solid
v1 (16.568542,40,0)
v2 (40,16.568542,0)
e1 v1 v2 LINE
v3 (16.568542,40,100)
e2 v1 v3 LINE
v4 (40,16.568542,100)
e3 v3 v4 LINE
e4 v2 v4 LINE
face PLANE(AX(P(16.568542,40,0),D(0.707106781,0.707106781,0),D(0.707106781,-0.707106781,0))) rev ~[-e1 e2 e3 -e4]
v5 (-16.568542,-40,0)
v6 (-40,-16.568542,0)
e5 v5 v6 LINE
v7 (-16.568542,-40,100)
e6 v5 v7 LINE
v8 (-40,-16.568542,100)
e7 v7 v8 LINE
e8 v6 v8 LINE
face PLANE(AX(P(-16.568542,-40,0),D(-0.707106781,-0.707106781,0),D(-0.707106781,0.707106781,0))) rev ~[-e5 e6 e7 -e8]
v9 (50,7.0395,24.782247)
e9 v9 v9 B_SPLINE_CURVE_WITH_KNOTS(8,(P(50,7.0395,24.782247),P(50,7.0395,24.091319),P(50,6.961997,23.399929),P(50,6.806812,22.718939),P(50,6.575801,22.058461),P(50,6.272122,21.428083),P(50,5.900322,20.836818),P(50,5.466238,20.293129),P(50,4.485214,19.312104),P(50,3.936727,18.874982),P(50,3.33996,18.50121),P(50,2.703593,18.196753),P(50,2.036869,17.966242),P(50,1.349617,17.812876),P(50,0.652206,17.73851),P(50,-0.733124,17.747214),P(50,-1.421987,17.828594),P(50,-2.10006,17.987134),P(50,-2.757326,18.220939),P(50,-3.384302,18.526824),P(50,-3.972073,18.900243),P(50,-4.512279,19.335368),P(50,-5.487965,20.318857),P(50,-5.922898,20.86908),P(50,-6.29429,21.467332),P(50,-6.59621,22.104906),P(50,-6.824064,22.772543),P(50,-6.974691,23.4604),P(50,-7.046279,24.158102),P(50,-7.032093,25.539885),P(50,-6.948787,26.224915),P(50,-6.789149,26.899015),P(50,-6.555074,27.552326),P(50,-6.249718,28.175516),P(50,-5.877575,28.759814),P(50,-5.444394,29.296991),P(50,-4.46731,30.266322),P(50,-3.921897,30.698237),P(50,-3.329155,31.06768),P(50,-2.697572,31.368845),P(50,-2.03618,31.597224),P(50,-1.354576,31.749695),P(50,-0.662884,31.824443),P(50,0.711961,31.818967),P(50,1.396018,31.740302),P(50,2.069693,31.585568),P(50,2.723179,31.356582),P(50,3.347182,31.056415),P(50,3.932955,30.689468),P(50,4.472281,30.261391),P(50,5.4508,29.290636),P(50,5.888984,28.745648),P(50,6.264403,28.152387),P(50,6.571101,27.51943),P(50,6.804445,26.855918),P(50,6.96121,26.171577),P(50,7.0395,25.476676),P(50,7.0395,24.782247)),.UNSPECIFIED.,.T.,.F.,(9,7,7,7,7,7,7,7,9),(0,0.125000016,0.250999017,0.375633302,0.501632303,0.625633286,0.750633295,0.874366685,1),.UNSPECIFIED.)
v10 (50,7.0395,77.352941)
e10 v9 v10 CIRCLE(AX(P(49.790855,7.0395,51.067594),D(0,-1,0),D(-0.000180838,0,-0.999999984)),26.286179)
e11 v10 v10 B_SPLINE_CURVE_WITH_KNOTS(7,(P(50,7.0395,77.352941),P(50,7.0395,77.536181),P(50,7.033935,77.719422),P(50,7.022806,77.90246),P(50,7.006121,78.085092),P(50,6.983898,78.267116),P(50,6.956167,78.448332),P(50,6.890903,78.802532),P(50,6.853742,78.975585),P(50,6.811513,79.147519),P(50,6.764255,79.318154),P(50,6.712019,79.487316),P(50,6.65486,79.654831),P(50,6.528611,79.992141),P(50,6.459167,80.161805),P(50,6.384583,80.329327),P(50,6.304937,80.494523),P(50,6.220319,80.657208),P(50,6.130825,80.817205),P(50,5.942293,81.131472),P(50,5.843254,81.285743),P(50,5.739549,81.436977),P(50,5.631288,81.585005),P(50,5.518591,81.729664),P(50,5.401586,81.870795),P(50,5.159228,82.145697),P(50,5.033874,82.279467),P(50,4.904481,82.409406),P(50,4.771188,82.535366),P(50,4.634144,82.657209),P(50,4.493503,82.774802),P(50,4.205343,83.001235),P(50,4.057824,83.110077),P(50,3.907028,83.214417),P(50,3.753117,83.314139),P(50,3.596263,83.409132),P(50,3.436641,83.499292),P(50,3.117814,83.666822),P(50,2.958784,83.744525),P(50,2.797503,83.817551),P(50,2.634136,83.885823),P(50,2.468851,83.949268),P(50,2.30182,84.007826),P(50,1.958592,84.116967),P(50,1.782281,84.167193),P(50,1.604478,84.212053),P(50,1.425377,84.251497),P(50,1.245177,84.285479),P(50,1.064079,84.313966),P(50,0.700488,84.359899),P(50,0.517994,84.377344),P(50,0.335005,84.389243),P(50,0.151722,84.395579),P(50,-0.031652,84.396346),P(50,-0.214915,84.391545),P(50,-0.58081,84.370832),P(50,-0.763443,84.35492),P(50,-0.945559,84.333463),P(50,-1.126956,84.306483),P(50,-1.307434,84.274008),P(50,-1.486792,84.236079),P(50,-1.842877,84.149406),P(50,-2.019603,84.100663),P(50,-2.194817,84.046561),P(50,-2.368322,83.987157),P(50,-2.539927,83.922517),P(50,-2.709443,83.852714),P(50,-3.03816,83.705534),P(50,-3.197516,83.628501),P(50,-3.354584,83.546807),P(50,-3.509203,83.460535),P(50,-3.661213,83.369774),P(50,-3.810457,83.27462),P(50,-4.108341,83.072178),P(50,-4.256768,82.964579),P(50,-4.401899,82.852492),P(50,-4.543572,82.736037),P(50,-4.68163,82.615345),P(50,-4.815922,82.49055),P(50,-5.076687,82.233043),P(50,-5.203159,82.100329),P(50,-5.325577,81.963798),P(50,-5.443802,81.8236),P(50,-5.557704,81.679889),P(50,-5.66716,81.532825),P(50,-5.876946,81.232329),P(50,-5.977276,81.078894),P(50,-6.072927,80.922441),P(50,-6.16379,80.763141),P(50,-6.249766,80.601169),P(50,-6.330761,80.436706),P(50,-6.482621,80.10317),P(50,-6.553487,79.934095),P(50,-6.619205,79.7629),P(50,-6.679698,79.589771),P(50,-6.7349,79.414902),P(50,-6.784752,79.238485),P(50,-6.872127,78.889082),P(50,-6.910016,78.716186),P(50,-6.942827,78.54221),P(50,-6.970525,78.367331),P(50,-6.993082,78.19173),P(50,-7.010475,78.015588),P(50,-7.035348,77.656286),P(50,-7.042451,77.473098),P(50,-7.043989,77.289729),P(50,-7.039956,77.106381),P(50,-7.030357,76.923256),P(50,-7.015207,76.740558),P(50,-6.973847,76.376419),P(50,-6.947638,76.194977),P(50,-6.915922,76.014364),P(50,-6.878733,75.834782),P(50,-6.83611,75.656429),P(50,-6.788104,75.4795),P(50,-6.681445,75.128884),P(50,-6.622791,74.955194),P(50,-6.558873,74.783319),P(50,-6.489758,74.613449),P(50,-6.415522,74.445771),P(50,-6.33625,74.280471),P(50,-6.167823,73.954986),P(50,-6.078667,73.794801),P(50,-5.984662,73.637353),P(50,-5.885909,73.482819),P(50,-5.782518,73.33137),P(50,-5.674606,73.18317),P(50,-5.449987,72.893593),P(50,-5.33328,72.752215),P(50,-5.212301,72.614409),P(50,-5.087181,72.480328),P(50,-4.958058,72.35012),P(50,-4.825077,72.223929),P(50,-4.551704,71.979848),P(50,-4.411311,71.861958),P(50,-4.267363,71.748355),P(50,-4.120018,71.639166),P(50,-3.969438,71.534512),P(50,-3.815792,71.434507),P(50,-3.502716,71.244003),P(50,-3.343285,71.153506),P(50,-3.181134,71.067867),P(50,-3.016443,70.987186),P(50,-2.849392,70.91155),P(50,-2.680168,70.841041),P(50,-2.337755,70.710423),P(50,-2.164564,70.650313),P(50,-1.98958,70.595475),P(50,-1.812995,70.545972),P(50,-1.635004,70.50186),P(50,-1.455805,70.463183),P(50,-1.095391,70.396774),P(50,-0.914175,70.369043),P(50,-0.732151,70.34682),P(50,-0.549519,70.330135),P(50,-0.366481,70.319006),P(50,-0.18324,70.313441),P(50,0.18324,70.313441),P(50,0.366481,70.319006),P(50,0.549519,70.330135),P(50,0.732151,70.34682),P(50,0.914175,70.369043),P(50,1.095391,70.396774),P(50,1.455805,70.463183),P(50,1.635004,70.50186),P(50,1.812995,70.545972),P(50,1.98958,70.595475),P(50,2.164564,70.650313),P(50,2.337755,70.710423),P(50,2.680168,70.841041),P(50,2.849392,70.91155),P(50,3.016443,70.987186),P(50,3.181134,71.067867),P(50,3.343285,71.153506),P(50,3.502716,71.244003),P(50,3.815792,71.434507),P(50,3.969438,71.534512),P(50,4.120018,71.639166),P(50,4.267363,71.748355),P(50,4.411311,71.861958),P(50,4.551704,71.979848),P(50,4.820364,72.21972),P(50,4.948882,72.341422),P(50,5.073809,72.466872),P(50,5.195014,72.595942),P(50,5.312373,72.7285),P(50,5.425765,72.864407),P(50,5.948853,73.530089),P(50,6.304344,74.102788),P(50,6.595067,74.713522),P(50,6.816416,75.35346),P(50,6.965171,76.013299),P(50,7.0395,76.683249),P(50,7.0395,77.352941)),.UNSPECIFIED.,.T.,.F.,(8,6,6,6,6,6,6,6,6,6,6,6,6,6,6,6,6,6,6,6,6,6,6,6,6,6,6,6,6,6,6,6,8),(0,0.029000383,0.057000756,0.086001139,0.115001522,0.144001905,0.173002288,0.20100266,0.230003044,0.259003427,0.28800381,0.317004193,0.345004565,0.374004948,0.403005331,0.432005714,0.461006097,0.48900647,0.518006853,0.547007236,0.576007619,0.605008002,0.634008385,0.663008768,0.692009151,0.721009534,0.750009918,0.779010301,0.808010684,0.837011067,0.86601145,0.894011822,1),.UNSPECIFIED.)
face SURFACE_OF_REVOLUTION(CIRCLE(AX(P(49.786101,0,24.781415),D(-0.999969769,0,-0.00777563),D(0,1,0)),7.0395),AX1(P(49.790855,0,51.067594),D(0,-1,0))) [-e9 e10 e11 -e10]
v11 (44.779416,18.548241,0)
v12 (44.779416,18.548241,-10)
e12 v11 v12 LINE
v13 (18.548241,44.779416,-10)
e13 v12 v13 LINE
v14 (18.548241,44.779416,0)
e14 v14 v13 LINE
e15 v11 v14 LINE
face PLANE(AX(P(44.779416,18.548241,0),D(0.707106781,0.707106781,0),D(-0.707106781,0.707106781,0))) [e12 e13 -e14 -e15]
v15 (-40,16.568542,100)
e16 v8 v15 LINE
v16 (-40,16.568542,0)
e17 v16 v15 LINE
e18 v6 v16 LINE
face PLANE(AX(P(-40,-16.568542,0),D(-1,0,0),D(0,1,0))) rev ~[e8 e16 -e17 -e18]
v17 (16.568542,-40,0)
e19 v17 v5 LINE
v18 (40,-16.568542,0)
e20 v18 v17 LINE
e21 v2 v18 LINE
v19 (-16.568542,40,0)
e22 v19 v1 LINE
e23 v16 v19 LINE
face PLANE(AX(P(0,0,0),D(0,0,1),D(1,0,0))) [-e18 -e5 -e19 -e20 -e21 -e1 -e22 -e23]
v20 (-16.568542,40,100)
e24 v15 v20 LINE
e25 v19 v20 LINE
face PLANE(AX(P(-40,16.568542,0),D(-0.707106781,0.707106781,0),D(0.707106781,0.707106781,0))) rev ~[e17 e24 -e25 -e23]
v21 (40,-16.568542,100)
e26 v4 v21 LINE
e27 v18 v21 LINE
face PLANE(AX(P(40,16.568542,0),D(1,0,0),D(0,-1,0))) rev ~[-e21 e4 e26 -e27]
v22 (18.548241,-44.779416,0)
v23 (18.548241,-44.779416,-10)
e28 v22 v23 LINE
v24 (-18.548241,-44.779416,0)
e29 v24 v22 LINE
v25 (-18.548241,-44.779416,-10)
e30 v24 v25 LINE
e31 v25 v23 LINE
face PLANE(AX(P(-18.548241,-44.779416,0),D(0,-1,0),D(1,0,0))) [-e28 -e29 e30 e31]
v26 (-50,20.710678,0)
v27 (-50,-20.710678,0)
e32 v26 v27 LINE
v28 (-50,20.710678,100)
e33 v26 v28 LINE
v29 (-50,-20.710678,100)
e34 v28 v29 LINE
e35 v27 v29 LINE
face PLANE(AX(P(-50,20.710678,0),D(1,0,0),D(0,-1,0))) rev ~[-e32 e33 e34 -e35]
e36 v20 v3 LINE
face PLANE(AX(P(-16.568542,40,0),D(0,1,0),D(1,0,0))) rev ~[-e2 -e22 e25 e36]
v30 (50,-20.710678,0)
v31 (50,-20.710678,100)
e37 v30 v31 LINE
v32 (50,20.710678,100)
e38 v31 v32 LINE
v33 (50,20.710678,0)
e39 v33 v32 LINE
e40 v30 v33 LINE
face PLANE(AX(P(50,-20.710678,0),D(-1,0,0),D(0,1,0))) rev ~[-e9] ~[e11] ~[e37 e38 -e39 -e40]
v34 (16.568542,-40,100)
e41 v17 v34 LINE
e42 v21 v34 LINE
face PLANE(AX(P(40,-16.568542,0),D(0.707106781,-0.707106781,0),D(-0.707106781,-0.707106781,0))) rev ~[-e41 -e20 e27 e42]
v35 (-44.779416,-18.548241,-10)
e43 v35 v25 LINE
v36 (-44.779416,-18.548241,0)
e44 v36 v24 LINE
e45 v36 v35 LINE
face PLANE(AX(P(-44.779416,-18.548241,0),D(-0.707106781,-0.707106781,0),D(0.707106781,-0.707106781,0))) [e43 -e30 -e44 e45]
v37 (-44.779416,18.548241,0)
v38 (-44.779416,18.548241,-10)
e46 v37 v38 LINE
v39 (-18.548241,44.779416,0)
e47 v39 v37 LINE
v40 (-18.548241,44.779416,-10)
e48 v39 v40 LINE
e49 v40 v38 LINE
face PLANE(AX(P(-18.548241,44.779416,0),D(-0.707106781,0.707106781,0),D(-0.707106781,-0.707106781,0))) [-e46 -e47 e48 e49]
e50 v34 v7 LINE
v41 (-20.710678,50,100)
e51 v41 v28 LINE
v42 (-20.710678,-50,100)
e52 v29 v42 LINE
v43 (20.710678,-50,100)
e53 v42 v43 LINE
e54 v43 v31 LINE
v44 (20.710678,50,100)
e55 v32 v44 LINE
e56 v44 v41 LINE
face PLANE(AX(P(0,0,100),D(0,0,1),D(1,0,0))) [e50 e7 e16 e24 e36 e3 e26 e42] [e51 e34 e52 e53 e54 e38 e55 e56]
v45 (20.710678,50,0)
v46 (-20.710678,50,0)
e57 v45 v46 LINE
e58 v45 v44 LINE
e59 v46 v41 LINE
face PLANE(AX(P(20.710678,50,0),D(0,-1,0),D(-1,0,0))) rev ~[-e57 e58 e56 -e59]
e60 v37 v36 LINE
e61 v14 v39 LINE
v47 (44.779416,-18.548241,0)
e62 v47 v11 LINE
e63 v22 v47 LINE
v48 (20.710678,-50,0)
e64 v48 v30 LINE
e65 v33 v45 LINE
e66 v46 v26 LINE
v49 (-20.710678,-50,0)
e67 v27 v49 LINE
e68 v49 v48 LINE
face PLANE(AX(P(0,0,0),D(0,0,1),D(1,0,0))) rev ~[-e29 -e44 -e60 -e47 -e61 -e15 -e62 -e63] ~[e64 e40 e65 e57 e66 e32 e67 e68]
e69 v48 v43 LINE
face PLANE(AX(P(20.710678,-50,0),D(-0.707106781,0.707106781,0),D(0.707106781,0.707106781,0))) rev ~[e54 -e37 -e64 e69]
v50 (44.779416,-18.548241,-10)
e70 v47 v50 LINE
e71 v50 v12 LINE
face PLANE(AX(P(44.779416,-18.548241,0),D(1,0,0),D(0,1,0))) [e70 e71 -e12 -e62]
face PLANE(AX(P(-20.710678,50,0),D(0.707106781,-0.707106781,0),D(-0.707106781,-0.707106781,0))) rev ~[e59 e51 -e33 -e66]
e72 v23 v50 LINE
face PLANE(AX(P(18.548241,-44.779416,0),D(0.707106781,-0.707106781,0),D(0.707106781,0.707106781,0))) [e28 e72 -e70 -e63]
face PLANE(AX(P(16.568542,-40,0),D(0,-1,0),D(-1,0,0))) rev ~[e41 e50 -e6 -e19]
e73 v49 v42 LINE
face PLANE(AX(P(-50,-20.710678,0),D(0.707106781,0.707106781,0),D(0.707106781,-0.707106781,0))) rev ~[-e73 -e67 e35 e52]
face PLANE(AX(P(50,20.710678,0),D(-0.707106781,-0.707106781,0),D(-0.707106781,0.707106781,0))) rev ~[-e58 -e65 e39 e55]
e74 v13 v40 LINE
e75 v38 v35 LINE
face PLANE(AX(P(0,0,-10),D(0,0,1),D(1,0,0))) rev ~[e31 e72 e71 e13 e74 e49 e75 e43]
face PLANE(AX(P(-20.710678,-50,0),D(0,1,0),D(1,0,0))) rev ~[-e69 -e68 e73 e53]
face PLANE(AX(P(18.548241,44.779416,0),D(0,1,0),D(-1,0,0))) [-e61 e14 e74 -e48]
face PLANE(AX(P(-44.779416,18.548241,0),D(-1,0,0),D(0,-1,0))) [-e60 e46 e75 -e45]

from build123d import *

# Parameters (mm, degrees)
F1_DEPTH = 100
F2_R     = 7.0395
F6_DEPTH = 10


with BuildPart() as f1:
    # F0 (on Top) → F1 (new body)
    with BuildSketch(Plane.XY):
        Polygon((20.710678, 50), (-20.710678, 50), (-50, 20.710678), (-50, -20.710678), (-20.710678, -50), (20.710678, -50), (50, -20.710678), (50, -9.2725), (50, 9.2725), (50, 20.710678), align=None)
        Polygon((-40, 16.568542), (-16.568542, 40), (16.568542, 40), (40, 16.568542), (40, -16.568542), (16.568542, -40), (-16.568542, -40), (-40, -16.568542), align=None, mode=Mode.SUBTRACT)
    extrude(amount=F1_DEPTH)

    # F4: sweep along a path in F3
    with BuildLine(Plane.XZ) as f4_path:
        ThreePointArc((49.790855, 24.170094), (76.688355, 51.067594), (49.790855, 77.965094))
    # F2 (on face) → F4 (sweep)
    with BuildSketch(Plane.YZ.offset(50)):
        with Locations((0, 77.352941)):
            Circle(F2_R)
    sweep(path=f4_path.line)

    # F5 (on Top) → F6 (join)
    with BuildSketch(Plane.XY):
        Polygon((-18.548241, -44.779416), (18.548241, -44.779416), (44.779416, -18.548241), (44.779416, 18.548241), (18.548241, 44.779416), (-18.548241, 44.779416), (-44.779416, 18.548241), (-44.779416, -18.548241), align=None)
    extrude(amount=-F6_DEPTH)


solid = f1.part
